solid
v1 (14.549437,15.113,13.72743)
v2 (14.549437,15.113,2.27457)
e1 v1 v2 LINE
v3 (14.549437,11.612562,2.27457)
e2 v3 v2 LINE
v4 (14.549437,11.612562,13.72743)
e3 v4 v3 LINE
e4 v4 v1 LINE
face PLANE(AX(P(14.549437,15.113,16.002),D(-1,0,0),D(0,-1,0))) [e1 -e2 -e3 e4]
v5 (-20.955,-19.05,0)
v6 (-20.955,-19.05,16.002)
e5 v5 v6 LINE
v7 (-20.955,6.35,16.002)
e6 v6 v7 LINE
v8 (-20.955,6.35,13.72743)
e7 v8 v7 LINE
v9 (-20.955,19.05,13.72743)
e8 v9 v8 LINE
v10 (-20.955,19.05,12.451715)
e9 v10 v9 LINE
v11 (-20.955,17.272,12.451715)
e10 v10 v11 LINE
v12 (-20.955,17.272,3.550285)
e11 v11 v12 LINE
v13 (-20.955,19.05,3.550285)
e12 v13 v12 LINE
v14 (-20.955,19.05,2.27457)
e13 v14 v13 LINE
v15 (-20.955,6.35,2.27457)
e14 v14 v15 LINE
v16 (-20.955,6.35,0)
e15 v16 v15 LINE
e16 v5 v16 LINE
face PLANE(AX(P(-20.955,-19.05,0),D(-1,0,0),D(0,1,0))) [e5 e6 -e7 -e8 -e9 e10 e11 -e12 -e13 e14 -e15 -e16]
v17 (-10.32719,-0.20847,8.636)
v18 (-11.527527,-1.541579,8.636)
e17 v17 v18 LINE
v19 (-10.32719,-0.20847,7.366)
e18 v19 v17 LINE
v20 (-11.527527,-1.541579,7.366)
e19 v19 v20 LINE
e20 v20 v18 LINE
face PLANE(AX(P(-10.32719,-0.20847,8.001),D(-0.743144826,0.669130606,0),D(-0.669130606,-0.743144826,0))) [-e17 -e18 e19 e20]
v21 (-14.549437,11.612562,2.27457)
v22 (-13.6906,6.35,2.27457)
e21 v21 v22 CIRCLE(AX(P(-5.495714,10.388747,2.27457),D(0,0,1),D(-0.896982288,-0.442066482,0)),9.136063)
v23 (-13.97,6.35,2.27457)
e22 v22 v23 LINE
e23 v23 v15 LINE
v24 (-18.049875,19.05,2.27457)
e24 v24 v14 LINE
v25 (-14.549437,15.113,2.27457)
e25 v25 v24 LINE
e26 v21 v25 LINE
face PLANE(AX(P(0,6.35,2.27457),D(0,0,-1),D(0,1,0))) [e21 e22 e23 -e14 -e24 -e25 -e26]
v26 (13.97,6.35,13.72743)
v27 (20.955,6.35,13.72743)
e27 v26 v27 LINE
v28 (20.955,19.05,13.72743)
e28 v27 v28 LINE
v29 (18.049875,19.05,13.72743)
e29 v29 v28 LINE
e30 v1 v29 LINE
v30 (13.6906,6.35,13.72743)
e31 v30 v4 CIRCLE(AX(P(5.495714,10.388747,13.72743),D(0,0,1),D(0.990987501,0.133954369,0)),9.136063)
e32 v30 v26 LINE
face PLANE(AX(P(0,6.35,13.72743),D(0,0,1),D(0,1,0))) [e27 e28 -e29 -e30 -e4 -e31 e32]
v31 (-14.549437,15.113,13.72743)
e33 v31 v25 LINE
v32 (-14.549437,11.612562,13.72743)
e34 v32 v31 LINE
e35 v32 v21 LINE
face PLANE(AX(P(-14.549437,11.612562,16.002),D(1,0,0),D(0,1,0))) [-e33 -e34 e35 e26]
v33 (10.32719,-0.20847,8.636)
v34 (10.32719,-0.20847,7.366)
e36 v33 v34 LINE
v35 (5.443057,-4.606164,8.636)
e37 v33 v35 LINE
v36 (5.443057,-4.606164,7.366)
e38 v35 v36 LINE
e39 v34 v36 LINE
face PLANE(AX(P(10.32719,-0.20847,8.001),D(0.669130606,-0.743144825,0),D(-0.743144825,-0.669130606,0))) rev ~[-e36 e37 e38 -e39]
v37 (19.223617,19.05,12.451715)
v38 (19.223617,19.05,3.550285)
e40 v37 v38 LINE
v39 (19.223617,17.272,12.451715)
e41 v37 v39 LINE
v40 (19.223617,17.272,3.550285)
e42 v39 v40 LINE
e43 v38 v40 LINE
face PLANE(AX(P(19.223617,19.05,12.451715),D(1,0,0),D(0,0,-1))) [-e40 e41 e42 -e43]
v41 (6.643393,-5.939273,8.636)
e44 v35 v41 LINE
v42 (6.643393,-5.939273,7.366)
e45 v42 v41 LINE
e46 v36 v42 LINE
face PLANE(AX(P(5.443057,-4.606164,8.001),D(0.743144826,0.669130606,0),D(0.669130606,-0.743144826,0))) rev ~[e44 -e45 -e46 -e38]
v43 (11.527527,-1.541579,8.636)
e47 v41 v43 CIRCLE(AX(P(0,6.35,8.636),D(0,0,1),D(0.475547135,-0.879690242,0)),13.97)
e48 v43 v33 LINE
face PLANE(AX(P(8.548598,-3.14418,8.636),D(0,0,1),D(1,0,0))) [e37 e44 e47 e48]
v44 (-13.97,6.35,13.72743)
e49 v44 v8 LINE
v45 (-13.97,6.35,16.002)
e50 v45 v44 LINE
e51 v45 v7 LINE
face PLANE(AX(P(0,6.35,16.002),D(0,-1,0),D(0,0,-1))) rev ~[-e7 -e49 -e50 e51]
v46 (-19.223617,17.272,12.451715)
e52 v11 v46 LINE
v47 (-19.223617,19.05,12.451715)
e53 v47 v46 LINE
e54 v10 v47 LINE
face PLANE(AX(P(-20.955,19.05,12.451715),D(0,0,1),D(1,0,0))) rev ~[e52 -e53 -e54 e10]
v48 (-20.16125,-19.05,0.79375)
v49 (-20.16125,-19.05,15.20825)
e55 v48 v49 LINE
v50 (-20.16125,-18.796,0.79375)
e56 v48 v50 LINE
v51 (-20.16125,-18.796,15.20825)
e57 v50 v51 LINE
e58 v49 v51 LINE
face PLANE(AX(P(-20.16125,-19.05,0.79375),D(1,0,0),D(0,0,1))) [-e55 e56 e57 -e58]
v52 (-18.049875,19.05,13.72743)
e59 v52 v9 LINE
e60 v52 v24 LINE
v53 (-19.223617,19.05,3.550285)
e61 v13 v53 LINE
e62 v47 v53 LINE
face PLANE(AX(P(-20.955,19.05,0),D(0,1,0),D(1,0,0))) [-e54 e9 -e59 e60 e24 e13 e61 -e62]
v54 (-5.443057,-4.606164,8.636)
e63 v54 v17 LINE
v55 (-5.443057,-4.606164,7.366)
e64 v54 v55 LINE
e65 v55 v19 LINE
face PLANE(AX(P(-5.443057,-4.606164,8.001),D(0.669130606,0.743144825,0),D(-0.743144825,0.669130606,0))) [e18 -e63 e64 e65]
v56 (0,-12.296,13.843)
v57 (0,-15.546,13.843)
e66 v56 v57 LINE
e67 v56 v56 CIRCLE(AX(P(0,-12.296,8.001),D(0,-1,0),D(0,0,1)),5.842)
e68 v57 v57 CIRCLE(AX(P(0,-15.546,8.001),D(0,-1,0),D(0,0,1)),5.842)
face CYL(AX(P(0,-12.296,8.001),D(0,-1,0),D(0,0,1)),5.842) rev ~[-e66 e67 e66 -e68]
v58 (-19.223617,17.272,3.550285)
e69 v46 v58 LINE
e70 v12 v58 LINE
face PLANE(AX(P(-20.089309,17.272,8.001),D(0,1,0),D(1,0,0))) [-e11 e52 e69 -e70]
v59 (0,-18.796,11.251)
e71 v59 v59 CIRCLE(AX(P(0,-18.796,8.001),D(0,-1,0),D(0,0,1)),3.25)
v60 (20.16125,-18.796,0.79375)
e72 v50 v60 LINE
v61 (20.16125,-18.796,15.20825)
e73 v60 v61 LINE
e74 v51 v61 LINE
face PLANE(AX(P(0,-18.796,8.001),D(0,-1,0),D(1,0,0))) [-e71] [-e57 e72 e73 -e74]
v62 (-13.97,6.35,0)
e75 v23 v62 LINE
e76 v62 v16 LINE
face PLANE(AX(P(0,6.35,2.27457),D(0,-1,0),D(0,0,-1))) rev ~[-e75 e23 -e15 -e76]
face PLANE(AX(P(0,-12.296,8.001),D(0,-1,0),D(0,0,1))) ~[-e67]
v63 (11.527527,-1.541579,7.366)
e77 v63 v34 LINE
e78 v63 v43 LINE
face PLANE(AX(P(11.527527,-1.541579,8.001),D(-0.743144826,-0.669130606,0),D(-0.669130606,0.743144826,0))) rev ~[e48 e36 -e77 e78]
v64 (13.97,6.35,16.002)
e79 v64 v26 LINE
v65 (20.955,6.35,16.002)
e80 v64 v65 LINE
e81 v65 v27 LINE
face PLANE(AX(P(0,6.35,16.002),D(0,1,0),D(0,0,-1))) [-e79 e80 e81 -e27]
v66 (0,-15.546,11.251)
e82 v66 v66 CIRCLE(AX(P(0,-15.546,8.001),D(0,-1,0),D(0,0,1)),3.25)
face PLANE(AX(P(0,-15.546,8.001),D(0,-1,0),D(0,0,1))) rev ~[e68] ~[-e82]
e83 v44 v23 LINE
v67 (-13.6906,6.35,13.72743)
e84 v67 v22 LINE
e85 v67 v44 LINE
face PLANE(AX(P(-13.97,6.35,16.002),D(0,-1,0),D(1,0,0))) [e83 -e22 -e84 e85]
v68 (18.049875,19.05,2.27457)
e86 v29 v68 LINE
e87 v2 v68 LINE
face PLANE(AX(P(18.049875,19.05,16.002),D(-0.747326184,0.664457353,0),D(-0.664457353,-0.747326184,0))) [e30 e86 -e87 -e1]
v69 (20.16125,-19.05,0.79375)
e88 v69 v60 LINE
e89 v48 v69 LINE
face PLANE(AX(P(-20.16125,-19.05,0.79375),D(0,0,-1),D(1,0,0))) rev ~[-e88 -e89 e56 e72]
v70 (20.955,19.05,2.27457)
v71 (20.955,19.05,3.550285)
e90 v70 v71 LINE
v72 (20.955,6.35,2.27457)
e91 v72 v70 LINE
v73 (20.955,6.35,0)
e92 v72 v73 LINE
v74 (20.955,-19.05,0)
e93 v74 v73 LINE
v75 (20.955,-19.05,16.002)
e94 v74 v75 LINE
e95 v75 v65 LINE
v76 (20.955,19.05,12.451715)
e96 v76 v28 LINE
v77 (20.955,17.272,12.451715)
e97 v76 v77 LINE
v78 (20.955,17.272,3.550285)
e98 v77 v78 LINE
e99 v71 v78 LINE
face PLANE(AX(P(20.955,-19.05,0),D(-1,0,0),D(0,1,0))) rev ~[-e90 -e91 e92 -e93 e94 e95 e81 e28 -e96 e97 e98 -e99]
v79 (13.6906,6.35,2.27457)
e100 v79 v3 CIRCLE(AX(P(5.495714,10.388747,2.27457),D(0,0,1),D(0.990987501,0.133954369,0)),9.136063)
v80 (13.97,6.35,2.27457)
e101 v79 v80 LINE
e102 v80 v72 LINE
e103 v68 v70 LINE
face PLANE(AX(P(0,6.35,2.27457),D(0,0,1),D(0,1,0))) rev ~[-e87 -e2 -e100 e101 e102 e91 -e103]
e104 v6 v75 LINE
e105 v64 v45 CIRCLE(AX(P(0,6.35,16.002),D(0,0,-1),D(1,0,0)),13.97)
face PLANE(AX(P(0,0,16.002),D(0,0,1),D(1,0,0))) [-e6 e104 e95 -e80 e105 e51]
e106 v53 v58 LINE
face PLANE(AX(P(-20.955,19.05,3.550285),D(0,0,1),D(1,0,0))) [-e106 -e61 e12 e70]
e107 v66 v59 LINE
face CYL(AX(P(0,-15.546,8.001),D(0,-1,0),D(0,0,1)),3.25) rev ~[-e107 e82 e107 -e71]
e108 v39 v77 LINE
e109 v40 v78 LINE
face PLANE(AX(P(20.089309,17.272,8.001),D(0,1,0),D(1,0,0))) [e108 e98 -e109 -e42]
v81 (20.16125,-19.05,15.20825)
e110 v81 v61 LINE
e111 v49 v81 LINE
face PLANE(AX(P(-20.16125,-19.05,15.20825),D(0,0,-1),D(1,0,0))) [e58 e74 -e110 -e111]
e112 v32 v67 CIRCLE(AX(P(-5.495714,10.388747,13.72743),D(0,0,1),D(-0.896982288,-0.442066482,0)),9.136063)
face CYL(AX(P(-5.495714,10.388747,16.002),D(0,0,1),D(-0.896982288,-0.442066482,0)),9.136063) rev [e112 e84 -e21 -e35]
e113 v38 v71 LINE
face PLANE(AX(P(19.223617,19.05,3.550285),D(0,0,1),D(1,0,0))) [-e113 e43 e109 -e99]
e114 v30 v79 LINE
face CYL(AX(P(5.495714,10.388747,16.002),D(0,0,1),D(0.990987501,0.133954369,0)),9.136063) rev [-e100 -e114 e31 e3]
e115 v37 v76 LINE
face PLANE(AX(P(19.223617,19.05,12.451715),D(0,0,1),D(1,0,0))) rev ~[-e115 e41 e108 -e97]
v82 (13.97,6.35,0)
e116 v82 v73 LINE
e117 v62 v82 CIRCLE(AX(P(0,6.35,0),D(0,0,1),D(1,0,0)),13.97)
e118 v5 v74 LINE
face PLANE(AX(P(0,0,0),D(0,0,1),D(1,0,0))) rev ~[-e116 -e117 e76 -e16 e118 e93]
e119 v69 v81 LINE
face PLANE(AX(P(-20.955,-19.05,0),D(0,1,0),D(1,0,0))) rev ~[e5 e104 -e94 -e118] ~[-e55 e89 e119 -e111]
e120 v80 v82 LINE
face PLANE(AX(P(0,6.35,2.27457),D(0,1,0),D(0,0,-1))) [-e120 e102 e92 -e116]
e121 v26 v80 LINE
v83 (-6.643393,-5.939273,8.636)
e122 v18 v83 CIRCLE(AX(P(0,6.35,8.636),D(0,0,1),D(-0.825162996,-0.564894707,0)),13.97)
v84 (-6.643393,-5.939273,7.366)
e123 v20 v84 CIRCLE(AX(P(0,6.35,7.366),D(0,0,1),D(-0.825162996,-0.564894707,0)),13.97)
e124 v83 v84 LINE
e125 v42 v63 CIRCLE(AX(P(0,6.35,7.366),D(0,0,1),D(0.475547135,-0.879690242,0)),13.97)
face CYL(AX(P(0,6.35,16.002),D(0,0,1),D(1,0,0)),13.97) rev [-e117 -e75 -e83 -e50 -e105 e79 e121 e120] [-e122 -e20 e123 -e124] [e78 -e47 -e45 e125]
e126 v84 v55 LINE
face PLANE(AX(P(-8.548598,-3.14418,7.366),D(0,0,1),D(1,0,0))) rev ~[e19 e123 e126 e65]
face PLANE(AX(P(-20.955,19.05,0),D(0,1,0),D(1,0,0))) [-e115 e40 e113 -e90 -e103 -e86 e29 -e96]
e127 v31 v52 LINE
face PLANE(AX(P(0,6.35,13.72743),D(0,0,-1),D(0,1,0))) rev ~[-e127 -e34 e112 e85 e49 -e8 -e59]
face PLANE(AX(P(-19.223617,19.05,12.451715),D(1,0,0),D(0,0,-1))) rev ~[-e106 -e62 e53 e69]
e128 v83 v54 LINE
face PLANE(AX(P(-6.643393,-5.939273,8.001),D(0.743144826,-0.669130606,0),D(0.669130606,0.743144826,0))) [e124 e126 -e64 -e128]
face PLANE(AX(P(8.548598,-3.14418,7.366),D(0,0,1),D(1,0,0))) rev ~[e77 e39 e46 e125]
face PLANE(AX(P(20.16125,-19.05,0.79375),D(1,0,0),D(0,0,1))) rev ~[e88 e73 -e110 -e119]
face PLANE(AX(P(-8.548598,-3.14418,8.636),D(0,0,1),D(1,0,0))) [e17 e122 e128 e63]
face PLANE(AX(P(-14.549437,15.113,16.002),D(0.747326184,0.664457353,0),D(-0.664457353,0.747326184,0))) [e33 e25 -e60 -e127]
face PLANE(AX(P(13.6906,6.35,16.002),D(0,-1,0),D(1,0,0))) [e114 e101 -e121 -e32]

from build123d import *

# Parameters (mm, degrees)
SKETCH1_W               = 41.91
SKETCH1_H               = 38.1
EXTRUDE1_DEPTH          = 16.002
CUT_EXTRUDE1_DEPTH      = 17.002
SKETCH3_W               = 2.27457
SKETCH3_H               = 12.7
CUT_EXTRUDE2_DEPTH      = 21.955
CUT_EXTRUDE2_DEPTH_BACK = 21.955
SKETCH4_W               = 40.3225
SKETCH4_H               = 14.4145
CUT_EXTRUDE3_DEPTH      = 0.254
SKETCH5_W               = 1.731382872
SKETCH5_H               = 8.90143
CUT_EXTRUDE4_DEPTH      = 1.778
EXTRUDE2_DEPTH          = 0.635


with BuildPart() as part:
    # Sketch1 → Extrude1 (new body)
    with BuildSketch(Plane.XY):
        Rectangle(SKETCH1_W, SKETCH1_H)
    extrude(amount=EXTRUDE1_DEPTH)

    # Sketch2 → Cut-Extrude1 (cut, through all)
    with BuildSketch(Plane.XY.offset(16.002)):
        with BuildLine():
            Line((-13.97, 6.35), (-13.6906, 6.35))
            ThreePointArc((-13.6906, 6.35), (-14.51249132, 8.917230674), (-14.5494375, 11.6125625))
            Line((-14.5494375, 11.6125625), (-14.5494375, 15.113))
            Line((-14.5494375, 15.113), (-18.049875, 19.05))
            Line((-18.049875, 19.05), (18.049875, 19.05))
            Line((18.049875, 19.05), (14.5494375, 15.113))
            Line((14.5494375, 15.113), (14.5494375, 11.6125625))
            ThreePointArc((14.5494375, 11.6125625), (14.51249132, 8.917230674), (13.6906, 6.35))
            Line((13.6906, 6.35), (13.97, 6.35))
            ThreePointArc((13.97, 6.35), (0, -7.62), (-13.97, 6.35))
        make_face()
    extrude(amount=-CUT_EXTRUDE1_DEPTH, mode=Mode.SUBTRACT)

    # Sketch3 → Cut-Extrude2 (cut, two sides)
    with BuildSketch(Plane(origin=(0, 0, 0), x_dir=(0, 0, -1), z_dir=(1, 0, 0))) as cut_extrude2_sk:
        with Locations((-14.864715, 12.7)):
            Rectangle(SKETCH3_W, SKETCH3_H)
        with Locations((-1.137285, 12.7)):
            Rectangle(SKETCH3_W, SKETCH3_H)
    extrude(amount=CUT_EXTRUDE2_DEPTH, mode=Mode.SUBTRACT)
    extrude(cut_extrude2_sk.sketch, amount=-CUT_EXTRUDE2_DEPTH_BACK, mode=Mode.SUBTRACT)

    # Sketch4 → Cut-Extrude3 (cut)
    with BuildSketch(Plane.XZ.offset(19.05)):
        with Locations((0, 8.001)):
            Rectangle(SKETCH4_W, SKETCH4_H)
    extrude(amount=-CUT_EXTRUDE3_DEPTH, mode=Mode.SUBTRACT)

    # Sketch5 → Cut-Extrude4 (cut)
    with BuildSketch(Plane(origin=(0, 19.05, 0), x_dir=(1, 0, 0), z_dir=(0, 1, 0))):
        with Locations((-20.089308564, -8.001)):
            Rectangle(SKETCH5_W, SKETCH5_H)
        with Locations((20.089308564, -8.001)):
            Rectangle(SKETCH5_W, SKETCH5_H)
    extrude(amount=-CUT_EXTRUDE4_DEPTH, mode=Mode.SUBTRACT)

    # Sketch6 → Cut-Revolve1 (revolve, cut)
    with BuildSketch(Plane(origin=(0, 0, 8.001), x_dir=(-1, 0, 0), z_dir=(0, 0, -1)), mode=Mode.PRIVATE) as cut_revolve1_sk:
        Polygon((3.25, -18.796), (0, -18.796), (0, -12.296), (5.842, -12.296), (5.842, -15.546), (3.25, -15.546), align=None)
    revolve(cut_revolve1_sk.sketch.rotate(Axis((0, 0, 8.001), (0, -1, 0)), 270), axis=Axis((0, 0, 8.001), (0, -1, 0)), mode=Mode.SUBTRACT)  # turned: the seam where the file's is

    # Sketch7 → Extrude2 (add, symmetric)
    with BuildSketch(Plane(origin=(0, 0, 8.001), x_dir=(-1, 0, 0), z_dir=(0, 0, -1))):
        with BuildLine():
            Line((5.443056808, -4.606163762), (10.327190387, -0.208470134))
            Line((10.327190387, -0.208470134), (11.527527053, -1.541579058))
            ThreePointArc((11.527527053, -1.541579058), (9.347754571, -4.031733212), (6.643393474, -5.939272686))
            Line((6.643393474, -5.939272686), (5.443056808, -4.606163762))
        make_face()
        with BuildLine():
            Line((-5.443056808, -4.606163762), (-6.643393474, -5.939272686))
            ThreePointArc((-6.643393474, -5.939272686), (-9.347754571, -4.031733212), (-11.527527053, -1.541579058))
            Line((-11.527527053, -1.541579058), (-10.327190387, -0.208470134))
            Line((-10.327190387, -0.208470134), (-5.443056808, -4.606163762))
        make_face()
    extrude(amount=EXTRUDE2_DEPTH, both=True)


solid = part.part
